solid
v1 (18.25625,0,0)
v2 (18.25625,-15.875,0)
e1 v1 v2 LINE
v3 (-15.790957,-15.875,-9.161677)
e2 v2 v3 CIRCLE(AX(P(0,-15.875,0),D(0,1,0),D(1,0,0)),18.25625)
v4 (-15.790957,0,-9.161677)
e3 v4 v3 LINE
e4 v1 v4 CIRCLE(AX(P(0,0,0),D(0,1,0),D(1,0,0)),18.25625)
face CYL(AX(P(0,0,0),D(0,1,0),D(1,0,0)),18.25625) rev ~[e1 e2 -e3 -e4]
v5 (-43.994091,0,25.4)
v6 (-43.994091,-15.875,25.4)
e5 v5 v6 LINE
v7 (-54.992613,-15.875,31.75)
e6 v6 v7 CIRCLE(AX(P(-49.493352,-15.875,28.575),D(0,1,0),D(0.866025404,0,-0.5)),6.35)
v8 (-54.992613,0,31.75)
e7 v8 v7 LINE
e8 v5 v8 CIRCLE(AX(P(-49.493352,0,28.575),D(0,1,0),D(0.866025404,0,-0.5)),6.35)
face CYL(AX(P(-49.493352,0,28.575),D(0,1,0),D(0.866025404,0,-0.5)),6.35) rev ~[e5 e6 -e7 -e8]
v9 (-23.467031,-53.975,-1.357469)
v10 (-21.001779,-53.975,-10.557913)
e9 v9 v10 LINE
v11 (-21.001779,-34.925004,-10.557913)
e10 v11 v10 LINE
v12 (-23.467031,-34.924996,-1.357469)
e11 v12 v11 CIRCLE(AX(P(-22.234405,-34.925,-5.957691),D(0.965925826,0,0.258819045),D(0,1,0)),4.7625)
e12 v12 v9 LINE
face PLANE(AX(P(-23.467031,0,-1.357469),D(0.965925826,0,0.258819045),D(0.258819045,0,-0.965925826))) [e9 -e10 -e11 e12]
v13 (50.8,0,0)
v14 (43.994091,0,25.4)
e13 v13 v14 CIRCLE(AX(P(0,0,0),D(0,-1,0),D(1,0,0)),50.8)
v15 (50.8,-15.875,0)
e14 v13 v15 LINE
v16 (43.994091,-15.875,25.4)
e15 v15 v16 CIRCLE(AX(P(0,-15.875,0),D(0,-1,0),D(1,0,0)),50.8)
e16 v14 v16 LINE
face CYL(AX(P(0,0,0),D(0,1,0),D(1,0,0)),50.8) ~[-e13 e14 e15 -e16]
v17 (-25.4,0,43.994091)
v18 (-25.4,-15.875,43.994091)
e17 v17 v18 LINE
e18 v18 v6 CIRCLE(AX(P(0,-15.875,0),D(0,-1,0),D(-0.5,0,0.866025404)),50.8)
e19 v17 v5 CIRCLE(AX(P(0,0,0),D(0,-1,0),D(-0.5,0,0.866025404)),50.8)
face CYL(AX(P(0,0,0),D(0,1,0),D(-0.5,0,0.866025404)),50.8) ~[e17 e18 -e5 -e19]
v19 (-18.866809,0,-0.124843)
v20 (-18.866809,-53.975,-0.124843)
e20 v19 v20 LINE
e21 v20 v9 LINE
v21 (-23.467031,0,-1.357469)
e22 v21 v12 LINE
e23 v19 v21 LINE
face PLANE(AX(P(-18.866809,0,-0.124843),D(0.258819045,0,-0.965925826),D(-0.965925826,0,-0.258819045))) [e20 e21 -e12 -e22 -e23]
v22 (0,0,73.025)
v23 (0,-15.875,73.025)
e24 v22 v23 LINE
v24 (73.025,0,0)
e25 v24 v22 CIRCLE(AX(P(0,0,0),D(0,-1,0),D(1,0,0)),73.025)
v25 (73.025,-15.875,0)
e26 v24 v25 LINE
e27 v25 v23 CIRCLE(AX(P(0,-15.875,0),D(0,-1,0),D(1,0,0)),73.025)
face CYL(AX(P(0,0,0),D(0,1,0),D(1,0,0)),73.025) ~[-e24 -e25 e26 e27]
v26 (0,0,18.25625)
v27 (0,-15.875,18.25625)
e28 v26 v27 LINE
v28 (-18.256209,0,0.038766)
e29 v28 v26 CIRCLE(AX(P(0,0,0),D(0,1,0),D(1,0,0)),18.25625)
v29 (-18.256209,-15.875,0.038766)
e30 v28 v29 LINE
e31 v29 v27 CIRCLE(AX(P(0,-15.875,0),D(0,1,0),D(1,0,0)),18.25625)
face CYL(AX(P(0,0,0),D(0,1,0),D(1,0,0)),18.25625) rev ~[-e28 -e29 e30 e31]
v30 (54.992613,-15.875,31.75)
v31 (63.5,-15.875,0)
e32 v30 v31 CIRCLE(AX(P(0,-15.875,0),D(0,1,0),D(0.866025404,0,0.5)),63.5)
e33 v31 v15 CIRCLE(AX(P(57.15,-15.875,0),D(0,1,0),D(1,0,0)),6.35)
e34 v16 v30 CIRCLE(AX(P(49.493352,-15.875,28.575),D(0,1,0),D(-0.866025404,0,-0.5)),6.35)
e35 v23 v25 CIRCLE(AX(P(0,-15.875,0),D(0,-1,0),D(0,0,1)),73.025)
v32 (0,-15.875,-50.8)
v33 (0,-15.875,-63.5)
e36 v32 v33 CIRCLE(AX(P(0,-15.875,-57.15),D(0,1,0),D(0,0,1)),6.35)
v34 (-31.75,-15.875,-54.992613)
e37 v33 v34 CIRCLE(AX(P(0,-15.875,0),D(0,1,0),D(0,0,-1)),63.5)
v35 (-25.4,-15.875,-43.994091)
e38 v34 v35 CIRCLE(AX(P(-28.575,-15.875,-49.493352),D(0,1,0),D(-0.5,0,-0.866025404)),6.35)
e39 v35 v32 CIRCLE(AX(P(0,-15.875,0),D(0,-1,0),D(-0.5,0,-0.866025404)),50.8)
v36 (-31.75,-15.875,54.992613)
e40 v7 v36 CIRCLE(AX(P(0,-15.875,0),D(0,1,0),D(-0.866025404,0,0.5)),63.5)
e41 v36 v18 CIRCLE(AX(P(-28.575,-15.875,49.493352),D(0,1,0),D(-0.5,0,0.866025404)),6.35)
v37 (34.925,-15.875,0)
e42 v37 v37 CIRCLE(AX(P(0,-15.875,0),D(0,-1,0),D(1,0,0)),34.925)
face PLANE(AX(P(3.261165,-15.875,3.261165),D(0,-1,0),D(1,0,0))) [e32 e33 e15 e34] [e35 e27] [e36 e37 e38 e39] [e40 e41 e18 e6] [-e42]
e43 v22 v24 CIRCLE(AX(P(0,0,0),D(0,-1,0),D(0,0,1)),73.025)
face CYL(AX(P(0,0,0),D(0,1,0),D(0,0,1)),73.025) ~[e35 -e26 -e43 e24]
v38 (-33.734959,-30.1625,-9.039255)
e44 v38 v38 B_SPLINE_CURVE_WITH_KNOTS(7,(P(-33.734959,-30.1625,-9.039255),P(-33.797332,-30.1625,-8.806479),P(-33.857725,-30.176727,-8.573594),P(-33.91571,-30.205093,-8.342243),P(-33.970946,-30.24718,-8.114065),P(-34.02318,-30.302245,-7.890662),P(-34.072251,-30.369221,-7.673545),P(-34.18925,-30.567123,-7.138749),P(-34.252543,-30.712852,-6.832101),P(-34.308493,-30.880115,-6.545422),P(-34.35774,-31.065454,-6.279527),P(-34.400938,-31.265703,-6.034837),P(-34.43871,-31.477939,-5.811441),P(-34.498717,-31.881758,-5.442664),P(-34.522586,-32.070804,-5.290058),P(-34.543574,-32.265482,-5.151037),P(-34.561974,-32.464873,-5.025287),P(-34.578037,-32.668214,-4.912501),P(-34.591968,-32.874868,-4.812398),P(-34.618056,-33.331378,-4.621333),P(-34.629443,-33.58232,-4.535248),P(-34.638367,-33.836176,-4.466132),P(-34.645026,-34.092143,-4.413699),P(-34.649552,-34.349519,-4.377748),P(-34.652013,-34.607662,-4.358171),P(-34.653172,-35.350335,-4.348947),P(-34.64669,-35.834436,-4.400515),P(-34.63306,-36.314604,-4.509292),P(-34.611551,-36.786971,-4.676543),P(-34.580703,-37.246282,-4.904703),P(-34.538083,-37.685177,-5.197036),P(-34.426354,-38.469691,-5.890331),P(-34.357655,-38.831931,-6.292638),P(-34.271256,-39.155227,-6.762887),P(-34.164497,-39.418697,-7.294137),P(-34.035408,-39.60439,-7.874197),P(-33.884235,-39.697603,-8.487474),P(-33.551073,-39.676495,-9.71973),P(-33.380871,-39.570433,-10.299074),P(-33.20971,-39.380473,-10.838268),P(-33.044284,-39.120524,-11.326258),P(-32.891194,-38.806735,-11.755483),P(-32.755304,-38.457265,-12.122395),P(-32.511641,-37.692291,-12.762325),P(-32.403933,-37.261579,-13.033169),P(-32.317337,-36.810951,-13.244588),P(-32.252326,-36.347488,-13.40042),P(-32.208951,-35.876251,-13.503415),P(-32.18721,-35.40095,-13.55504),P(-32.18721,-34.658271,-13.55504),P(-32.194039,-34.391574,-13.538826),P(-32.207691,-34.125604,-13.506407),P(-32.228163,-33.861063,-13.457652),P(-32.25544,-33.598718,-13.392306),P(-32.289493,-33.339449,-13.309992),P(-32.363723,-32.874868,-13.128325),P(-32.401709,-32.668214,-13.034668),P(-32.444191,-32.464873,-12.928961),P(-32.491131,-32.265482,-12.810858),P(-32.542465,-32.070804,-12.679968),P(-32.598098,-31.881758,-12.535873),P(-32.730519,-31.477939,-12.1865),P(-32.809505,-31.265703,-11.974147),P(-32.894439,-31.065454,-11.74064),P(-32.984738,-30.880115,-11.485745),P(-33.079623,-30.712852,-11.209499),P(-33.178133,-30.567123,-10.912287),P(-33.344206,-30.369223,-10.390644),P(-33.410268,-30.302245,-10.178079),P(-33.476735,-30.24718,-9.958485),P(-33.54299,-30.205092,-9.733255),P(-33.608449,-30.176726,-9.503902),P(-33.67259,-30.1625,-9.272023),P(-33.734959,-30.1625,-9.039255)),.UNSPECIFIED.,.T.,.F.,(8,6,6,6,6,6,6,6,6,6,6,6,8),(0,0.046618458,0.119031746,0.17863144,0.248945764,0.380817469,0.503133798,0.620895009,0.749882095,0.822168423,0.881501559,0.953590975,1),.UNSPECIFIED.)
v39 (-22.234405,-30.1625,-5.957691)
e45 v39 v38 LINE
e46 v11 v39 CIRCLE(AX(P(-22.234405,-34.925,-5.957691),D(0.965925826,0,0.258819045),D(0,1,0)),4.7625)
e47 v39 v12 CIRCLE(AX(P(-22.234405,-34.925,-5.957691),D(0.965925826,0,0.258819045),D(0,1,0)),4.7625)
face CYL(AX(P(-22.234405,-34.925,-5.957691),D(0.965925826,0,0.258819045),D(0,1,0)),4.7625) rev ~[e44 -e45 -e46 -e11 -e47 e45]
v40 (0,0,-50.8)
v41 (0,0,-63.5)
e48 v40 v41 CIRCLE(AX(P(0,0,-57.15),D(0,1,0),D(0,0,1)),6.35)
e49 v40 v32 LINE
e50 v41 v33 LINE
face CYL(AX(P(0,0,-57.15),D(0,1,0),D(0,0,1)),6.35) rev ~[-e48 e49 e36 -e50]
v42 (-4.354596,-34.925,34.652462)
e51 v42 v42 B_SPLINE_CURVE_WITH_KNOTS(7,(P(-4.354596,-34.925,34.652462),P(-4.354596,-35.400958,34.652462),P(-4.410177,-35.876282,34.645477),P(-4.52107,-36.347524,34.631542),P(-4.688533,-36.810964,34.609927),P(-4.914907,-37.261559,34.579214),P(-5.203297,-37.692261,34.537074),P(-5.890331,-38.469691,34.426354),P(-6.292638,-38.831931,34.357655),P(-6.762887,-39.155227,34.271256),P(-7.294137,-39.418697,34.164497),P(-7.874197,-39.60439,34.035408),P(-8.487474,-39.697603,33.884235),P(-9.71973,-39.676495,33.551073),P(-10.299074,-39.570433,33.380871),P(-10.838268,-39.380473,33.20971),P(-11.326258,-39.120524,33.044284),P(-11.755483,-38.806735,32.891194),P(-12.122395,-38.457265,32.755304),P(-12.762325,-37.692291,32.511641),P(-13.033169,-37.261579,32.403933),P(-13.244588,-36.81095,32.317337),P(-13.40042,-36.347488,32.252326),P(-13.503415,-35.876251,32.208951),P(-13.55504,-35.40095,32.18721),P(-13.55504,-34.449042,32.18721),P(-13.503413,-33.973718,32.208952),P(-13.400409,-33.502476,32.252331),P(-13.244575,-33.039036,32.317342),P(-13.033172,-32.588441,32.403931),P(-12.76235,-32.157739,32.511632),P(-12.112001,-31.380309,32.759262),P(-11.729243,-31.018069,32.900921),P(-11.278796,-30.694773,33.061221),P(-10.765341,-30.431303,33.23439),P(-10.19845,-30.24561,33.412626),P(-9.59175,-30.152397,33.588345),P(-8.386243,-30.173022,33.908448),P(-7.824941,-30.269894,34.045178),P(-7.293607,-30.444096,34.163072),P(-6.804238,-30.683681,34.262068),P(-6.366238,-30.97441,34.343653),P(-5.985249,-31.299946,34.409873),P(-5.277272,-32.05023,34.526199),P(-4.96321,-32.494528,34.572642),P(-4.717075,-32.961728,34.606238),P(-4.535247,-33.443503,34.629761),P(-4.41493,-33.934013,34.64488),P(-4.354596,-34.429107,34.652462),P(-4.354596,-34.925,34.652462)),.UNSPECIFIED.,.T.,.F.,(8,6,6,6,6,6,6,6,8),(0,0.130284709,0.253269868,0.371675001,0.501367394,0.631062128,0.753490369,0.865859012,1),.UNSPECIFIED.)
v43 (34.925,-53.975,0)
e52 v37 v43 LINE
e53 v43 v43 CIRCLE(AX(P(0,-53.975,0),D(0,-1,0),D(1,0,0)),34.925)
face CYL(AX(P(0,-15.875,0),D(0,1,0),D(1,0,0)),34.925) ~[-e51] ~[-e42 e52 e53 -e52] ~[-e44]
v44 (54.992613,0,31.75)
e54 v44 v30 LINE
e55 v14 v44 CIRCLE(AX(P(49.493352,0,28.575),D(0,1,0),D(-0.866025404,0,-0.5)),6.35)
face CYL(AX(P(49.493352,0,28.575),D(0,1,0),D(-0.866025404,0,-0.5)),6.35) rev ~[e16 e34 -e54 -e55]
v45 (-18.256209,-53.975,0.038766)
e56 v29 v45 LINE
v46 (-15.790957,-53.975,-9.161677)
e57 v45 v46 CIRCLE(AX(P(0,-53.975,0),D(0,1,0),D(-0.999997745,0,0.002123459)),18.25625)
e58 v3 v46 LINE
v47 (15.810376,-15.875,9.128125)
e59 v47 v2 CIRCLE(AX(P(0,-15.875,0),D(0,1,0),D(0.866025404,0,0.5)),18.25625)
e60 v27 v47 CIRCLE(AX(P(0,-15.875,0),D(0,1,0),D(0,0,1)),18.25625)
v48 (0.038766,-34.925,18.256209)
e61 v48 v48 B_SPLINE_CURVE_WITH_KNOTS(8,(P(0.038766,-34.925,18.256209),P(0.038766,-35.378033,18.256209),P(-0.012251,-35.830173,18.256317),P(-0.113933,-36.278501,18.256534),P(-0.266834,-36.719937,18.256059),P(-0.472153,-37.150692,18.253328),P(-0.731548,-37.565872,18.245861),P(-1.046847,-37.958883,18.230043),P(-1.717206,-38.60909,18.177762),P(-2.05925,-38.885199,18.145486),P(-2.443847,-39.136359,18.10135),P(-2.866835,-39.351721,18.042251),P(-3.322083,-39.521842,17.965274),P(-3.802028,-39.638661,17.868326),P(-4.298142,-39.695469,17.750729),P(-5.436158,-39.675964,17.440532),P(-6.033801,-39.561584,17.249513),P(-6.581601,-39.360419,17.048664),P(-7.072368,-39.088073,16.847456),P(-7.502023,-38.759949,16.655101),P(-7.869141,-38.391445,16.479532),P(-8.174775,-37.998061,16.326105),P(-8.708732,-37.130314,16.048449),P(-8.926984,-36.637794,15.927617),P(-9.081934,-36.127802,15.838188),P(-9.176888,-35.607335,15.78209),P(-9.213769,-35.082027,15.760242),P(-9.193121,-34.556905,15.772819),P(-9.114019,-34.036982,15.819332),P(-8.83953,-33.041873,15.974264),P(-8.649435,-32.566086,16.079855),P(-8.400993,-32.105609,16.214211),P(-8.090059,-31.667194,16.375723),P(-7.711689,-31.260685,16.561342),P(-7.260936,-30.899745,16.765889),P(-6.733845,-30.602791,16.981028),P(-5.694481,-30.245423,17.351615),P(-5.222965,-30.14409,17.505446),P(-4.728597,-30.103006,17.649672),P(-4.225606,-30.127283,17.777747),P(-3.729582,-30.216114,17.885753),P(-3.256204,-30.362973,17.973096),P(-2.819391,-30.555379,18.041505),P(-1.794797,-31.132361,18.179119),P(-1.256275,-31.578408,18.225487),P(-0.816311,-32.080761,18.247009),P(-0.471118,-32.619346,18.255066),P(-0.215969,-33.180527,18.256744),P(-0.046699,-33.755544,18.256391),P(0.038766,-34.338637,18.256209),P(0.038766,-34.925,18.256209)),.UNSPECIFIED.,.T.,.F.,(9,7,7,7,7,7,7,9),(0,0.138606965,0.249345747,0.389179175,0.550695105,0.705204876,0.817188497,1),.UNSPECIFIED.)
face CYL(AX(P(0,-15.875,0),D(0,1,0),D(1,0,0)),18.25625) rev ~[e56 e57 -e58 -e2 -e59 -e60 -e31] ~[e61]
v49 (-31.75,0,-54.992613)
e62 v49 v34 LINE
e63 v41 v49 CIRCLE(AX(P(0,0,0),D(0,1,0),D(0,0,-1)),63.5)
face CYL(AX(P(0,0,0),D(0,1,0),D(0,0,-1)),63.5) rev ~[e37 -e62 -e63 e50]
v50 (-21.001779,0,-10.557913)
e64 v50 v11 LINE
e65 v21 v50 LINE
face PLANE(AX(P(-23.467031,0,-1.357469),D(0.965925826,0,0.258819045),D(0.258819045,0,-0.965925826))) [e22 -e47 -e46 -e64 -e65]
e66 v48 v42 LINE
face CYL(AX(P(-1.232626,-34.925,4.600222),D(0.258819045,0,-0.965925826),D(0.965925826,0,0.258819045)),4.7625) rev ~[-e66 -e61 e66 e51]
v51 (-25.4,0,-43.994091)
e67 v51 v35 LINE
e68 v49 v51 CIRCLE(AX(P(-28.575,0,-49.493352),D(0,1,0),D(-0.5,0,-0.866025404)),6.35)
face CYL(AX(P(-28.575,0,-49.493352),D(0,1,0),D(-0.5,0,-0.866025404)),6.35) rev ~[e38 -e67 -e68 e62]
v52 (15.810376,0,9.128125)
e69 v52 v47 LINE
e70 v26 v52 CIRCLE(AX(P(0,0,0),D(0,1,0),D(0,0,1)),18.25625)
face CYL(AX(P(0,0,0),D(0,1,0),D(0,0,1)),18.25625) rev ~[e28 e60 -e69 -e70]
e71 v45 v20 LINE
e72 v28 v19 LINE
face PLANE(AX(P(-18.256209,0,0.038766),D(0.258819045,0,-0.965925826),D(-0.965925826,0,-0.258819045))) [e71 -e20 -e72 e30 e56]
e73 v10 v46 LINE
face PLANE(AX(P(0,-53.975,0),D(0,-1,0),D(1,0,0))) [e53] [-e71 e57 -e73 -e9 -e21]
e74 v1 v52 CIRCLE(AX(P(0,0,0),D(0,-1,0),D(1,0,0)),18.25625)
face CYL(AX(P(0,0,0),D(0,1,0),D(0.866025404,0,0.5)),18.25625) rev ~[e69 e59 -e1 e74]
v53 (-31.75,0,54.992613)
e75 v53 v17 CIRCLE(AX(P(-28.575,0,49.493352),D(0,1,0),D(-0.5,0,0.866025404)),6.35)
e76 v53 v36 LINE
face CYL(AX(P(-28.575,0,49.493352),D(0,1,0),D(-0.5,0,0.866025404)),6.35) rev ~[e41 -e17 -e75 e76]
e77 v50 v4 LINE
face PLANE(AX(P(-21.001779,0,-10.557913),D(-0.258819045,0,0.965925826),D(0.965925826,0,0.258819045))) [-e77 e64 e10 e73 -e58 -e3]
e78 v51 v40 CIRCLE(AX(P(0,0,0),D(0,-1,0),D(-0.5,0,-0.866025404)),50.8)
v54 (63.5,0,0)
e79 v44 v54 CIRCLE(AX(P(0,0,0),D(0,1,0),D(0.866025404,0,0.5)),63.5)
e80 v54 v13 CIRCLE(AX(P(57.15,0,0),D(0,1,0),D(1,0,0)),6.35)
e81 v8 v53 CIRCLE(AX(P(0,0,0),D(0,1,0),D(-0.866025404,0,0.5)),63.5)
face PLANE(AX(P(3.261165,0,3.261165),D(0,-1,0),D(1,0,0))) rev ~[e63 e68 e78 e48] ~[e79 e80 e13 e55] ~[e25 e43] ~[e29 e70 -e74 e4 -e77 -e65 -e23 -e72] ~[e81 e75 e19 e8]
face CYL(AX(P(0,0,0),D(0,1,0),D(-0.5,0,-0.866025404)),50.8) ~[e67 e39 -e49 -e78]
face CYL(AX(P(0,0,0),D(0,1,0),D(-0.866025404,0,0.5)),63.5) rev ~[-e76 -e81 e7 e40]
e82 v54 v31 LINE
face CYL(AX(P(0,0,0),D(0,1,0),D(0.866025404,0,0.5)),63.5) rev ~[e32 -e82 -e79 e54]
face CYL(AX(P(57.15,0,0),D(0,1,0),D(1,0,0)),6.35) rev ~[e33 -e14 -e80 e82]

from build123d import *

# Parameters (mm, degrees)
F1_DEPTH    = 15.875
F2_R        = 34.925
F3_DEPTH    = 38.1
F3_FACE_R   = 34.925
F3_FACE_R_2 = 18.25625
F5_DEPTH    = 76.2
F6_R        = 4.7625
F7_DEPTH    = 25.4
F8_R        = 4.7625
F9_DEPTH    = 50.8


with BuildPart() as f1:
    # F0 (on Front) → F1 (new body)
    with BuildSketch(Plane.XZ):
        with BuildLine():
            ThreePointArc((0, 73.025), (-51.6364726961, -51.6364726961), (73.025, 0))
            ThreePointArc((73.025, 0), (51.6364726961, 51.6364726961), (0, 73.025))
        make_face()
        with BuildLine():
            ThreePointArc((-31.75, -54.9926131403), (-34.074261314, -46.3183518263), (-25.4, -43.9940905122))
            ThreePointArc((-25.4, -43.9940905122), (-13.1480074912, -49.0690319755), (0, -50.8))
            ThreePointArc((0, -50.8), (6.35, -57.15), (0, -63.5))
            ThreePointArc((0, -63.5), (-16.435009364, -61.3362899694), (-31.75, -54.9926131403))
        make_face(mode=Mode.SUBTRACT)
        with BuildLine():
            ThreePointArc((-31.75, 54.9926131403), (-23.075738686, 52.6683518263), (-25.4, 43.9940905122))
            ThreePointArc((-25.4, 43.9940905122), (-35.9210244843, 35.9210244843), (-43.9940905122, 25.4))
            ThreePointArc((-43.9940905122, 25.4), (-52.6683518263, 23.075738686), (-54.9926131403, 31.75))
            ThreePointArc((-54.9926131403, 31.75), (-44.9012806053, 44.9012806053), (-31.75, 54.9926131403))
        make_face(mode=Mode.SUBTRACT)
        with BuildLine():
            ThreePointArc((18.25625, 0), (-12.909118174, -12.909118174), (0, 18.25625))
            ThreePointArc((0, 18.25625), (9.128125, 15.8103762778), (15.8103762778, 9.128125))
            ThreePointArc((15.8103762778, 9.128125), (17.6341833662, 4.7250651922), (18.25625, 0))
        make_face(mode=Mode.SUBTRACT)
        with BuildLine():
            ThreePointArc((50.8, 0), (49.0690319755, 13.1480074912), (43.9940905122, 25.4))
            ThreePointArc((43.9940905122, 25.4), (46.3183518263, 34.074261314), (54.9926131403, 31.75))
            ThreePointArc((54.9926131403, 31.75), (61.3362899694, 16.435009364), (63.5, 0))
            ThreePointArc((63.5, 0), (57.15, -6.35), (50.8, 0))
        make_face(mode=Mode.SUBTRACT)
    extrude(amount=F1_DEPTH)

    # F2 (on face) → F3 (join)
    with BuildSketch(Plane.XZ.offset(15.875)):
        Circle(F2_R)
        with BuildLine():
            ThreePointArc((-18.25625, 0), (0, 18.25625), (18.25625, 0))
            ThreePointArc((18.25625, 0), (0, -18.25625), (-18.25625, 0))
        make_face(mode=Mode.SUBTRACT)
    extrude(amount=F3_DEPTH)

    # F4 (on Front) + F3_face (on face) → F5 (cut)
    with BuildSketch(Plane.XZ):
        with BuildLine():
            ThreePointArc((-15.7909574359, -9.1616771019), (4.7437852698, -17.6291566836), (18.25625, 0))
            ThreePointArc((18.25625, 0), (18.1000652505, 2.3829187967), (17.6341833662, 4.7250651922))
            Line((17.6341833662, 4.7250651922), (-13.0339616185, -3.4924394899))
            Line((-13.0339616185, -3.4924394899), (-11.8013359162, -8.0926612376))
            Line((-11.8013359162, -8.0926612376), (-15.7909574359, -9.1616771019))
        make_face()
        with BuildLine():
            Line((-13.0339616185, -3.4924394899), (17.6341833662, 4.7250651922))
            ThreePointArc((17.6341833662, 4.7250651922), (-2.363700072, 18.1025850649), (-18.2562088405, 0.0387663935))
            Line((-18.2562088405, 0.0387663935), (-14.2665873208, 1.1077822578))
            Line((-14.2665873208, 1.1077822578), (-13.0339616185, -3.4924394899))
        make_face()
        with BuildLine():
            Line((-21.0017794116, -10.5579126422), (-15.7909574359, -9.1616771019))
            ThreePointArc((-15.7909574359, -9.1616771019), (-16.8591485764, -7.0042682232), (-17.6341833662, -4.7250651922))
            Line((-17.6341833662, -4.7250651922), (-22.2344051139, -5.9576908945))
            Line((-22.2344051139, -5.9576908945), (-21.0017794116, -10.5579126422))
        make_face()
        with BuildLine():
            ThreePointArc((-17.6341833662, -4.7250651922), (-16.8591485764, -7.0042682232), (-15.7909574359, -9.1616771019))
            Line((-15.7909574359, -9.1616771019), (-11.8013359162, -8.0926612376))
            Line((-11.8013359162, -8.0926612376), (-13.0339616185, -3.4924394899))
            Line((-13.0339616185, -3.4924394899), (-17.6341833662, -4.7250651922))
        make_face()
        with BuildLine():
            Line((-14.2665873208, 1.1077822578), (-18.2562088405, 0.0387663935))
            ThreePointArc((-18.2562088405, 0.0387663935), (-18.1025850649, -2.363700072), (-17.6341833662, -4.7250651922))
            Line((-17.6341833662, -4.7250651922), (-13.0339616185, -3.4924394899))
            Line((-13.0339616185, -3.4924394899), (-14.2665873208, 1.1077822578))
        make_face()
        with BuildLine():
            ThreePointArc((-17.6341833662, -4.7250651922), (-18.1025850649, -2.363700072), (-18.2562088405, 0.0387663935))
            Line((-18.2562088405, 0.0387663935), (-18.8668090685, -0.1248434445))
            Line((-18.8668090685, -0.1248434445), (-17.6341833662, -4.7250651922))
        make_face()
        Polygon((-22.2344051139, -5.9576908945), (-17.6341833662, -4.7250651922), (-18.8668090685, -0.1248434445), (-23.4670308162, -1.3574691468), align=None)
    with BuildSketch(Plane.XZ.offset(53.975)):
        Circle(F3_FACE_R)
        Circle(F3_FACE_R_2, mode=Mode.SUBTRACT)
    extrude(amount=F5_DEPTH, mode=Mode.SUBTRACT)

    # F6 (on face) → F7 (cut)
    with BuildSketch(Plane(origin=(-22.2344051139, 0, -5.9576908945), x_dir=(0, 1, 0), z_dir=(0.9659258263, 0, 0.2588190451))):
        with Locations((-34.925, 0)):
            Circle(F6_R)
    extrude(amount=-F7_DEPTH, mode=Mode.SUBTRACT)

    # F8 (on face) → F9 (cut)
    with BuildSketch(Plane(origin=(-1.2326257023, 0, 4.6002217477), x_dir=(0.9659258263, 0, 0.2588190451), z_dir=(0.2588190451, 0, -0.9659258263))):
        with Locations((0, 34.925)):
            Circle(F8_R)
    extrude(amount=-F9_DEPTH, mode=Mode.SUBTRACT)


solid = f1.part
